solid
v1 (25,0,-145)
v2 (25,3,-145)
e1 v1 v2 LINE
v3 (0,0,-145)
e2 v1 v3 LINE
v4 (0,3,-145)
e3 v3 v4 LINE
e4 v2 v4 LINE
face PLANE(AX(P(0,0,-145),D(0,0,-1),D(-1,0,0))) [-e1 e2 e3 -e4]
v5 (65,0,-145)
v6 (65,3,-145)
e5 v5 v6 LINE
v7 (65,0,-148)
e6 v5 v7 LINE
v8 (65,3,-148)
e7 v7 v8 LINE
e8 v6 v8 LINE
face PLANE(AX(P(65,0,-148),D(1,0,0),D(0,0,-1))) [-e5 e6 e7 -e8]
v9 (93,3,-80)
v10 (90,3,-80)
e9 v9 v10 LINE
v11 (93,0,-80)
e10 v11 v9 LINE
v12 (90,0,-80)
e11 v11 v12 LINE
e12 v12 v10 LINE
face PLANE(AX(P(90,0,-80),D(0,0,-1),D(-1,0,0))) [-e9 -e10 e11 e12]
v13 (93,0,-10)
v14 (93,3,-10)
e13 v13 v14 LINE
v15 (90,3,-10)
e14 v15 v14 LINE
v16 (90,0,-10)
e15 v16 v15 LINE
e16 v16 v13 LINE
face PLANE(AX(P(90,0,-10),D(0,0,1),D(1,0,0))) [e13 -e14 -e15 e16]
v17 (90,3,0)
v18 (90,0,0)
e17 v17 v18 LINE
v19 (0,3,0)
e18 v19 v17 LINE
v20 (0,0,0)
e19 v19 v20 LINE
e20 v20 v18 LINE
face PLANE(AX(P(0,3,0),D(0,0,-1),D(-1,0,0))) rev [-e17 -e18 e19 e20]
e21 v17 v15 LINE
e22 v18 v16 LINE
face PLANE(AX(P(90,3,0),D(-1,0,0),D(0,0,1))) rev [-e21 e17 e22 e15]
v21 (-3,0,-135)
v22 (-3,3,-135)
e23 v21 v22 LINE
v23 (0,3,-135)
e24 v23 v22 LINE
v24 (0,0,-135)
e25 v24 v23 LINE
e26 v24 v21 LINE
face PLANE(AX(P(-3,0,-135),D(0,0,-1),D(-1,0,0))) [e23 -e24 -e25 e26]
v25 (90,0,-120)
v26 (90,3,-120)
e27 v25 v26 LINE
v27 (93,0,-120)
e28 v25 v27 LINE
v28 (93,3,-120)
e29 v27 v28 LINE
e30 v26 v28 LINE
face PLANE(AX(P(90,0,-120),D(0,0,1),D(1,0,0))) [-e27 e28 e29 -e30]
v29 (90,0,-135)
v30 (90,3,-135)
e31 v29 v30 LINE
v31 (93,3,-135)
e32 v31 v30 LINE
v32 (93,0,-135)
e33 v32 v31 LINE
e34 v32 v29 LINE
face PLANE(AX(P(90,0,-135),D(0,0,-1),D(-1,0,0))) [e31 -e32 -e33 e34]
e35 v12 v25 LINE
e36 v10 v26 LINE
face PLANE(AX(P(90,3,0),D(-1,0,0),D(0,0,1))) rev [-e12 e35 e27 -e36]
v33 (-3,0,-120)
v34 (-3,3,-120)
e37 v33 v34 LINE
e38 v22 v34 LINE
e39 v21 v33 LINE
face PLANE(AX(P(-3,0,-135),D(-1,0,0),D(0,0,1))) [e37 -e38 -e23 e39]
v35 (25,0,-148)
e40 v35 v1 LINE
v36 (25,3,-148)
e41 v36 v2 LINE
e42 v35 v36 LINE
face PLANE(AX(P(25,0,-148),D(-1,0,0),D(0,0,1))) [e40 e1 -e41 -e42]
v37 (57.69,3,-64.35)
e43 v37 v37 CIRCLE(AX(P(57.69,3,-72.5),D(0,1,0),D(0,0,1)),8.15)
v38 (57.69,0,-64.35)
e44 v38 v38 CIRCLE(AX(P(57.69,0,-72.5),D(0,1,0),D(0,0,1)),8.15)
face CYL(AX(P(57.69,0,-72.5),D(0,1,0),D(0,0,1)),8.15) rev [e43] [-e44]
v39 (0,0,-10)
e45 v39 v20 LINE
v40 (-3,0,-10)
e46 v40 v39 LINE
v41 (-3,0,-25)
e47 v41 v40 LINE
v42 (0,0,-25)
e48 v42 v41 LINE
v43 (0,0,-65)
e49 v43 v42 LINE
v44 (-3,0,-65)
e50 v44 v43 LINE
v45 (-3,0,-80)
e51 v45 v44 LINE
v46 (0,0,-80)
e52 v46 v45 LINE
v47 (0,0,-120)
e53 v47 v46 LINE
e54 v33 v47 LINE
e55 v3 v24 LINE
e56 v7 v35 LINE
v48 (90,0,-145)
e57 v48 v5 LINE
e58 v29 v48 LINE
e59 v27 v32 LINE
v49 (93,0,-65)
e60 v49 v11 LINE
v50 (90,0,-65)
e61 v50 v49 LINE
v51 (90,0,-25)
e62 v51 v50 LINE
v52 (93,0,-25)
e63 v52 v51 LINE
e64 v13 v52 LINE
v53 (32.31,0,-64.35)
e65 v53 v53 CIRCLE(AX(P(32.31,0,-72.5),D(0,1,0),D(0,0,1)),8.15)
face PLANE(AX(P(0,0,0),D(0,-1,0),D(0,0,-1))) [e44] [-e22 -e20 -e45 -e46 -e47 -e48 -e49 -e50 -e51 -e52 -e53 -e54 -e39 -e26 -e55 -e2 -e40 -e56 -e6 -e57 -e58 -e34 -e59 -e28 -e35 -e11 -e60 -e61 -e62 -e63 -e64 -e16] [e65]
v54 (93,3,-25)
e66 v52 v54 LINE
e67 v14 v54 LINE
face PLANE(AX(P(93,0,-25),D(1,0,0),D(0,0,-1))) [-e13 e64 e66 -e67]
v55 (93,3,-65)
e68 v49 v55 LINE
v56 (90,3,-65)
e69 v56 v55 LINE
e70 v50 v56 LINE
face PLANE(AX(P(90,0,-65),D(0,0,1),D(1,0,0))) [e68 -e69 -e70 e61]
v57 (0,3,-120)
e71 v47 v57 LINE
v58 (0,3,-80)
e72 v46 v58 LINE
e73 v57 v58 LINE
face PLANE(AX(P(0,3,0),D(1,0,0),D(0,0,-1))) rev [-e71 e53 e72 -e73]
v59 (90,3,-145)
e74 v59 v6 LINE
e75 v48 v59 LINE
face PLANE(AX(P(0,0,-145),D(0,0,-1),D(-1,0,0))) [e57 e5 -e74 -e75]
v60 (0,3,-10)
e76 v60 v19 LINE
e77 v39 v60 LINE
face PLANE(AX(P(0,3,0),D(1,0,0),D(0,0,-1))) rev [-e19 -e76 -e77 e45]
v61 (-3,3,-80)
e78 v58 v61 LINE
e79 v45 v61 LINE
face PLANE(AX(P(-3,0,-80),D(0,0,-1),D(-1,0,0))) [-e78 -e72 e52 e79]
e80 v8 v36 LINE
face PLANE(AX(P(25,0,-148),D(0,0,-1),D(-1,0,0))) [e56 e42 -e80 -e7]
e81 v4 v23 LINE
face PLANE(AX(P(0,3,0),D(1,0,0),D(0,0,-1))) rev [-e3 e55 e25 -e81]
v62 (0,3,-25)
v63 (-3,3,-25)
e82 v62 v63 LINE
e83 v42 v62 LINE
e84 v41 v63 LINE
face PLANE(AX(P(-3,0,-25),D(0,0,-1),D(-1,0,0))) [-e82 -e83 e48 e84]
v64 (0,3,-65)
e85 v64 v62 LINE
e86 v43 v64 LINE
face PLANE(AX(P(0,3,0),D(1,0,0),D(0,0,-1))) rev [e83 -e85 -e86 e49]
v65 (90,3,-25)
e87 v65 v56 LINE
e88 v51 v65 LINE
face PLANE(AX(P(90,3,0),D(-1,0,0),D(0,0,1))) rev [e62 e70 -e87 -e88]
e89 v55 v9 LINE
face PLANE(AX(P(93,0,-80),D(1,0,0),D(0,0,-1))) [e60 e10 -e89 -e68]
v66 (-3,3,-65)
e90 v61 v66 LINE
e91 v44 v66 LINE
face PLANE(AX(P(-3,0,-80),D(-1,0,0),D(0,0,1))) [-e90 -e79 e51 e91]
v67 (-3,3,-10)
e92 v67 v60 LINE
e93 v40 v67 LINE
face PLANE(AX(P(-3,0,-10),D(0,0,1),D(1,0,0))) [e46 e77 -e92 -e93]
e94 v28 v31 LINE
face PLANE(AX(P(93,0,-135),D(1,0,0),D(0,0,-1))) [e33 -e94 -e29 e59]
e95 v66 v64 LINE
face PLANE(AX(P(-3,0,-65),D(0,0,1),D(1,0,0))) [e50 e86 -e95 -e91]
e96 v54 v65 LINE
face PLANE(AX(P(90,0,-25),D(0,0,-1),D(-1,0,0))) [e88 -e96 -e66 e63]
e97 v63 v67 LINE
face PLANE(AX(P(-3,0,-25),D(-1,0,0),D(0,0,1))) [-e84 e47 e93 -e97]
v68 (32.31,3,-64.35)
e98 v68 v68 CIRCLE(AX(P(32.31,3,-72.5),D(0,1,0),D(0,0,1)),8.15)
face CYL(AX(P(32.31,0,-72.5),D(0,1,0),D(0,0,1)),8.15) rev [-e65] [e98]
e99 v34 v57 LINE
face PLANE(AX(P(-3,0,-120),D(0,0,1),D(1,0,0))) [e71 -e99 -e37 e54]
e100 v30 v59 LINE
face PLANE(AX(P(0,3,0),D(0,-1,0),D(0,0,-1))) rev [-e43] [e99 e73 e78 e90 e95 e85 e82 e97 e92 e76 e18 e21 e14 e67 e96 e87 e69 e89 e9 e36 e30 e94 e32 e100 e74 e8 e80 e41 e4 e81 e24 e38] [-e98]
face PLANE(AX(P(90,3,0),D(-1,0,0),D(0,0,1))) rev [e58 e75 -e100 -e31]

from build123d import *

# Parameters (mm, degrees)
SKETCH1_W           = 90
SKETCH1_H           = 132
BOSS_EXTRUDE1_DEPTH = 3
SKETCH7_W           = 90
SKETCH7_H           = 13
BOSS_EXTRUDE7_DEPTH = 3
SKETCH5_W           = 3
SKETCH5_H           = 15
BOSS_EXTRUDE5_DEPTH = 3
SKETCH6_W           = 40
SKETCH6_H           = 3
BOSS_EXTRUDE6_DEPTH = 3
SKETCH8_R           = 8.15
CUT_EXTRUDE1_DEPTH  = 3


with BuildPart() as part:
    # Sketch1 → Boss-Extrude1 (new body)
    with BuildSketch(Plane(origin=(0, 0, 0), x_dir=(1, 0, 0), z_dir=(0, 1, 0))):
        with Locations((45, 66)):
            Rectangle(SKETCH1_W, SKETCH1_H)
    extrude(amount=BOSS_EXTRUDE1_DEPTH)

    # Sketch7 → Boss-Extrude7 (add)
    with BuildSketch(Plane(origin=(0, 3, 0), x_dir=(1, 0, 0), z_dir=(0, 1, 0))):
        with Locations((45, 138.5)):
            Rectangle(SKETCH7_W, SKETCH7_H)
    extrude(amount=-BOSS_EXTRUDE7_DEPTH)

    # Sketch5 → Boss-Extrude5 (add)
    with BuildSketch(Plane(origin=(0, 3, 0), x_dir=(1, 0, 0), z_dir=(0, 1, 0))):
        with Locations((-1.5, 127.5)):
            Rectangle(SKETCH5_W, SKETCH5_H)
        with Locations((-1.5, 72.5)):
            Rectangle(SKETCH5_W, SKETCH5_H)
        with Locations((-1.5, 17.5)):
            Rectangle(SKETCH5_W, SKETCH5_H)
        with Locations((91.5, 127.5)):
            Rectangle(SKETCH5_W, SKETCH5_H)
        with Locations((91.5, 72.5)):
            Rectangle(SKETCH5_W, SKETCH5_H)
        with Locations((91.5, 17.5)):
            Rectangle(SKETCH5_W, SKETCH5_H)
    extrude(amount=-BOSS_EXTRUDE5_DEPTH)

    # Sketch6 → Boss-Extrude6 (add)
    with BuildSketch(Plane(origin=(0, 3, 0), x_dir=(1, 0, 0), z_dir=(0, 1, 0))):
        with Locations((45, 146.5)):
            Rectangle(SKETCH6_W, SKETCH6_H)
    extrude(amount=-BOSS_EXTRUDE6_DEPTH)

    # Sketch8 → Cut-Extrude1 (cut)
    with BuildSketch(Plane(origin=(0, 3, 0), x_dir=(1, 0, 0), z_dir=(0, 1, 0))):
        with Locations((32.31, 72.5)):
            Circle(SKETCH8_R)
        with Locations((57.69, 72.5)):
            Circle(SKETCH8_R)
    extrude(amount=-CUT_EXTRUDE1_DEPTH, mode=Mode.SUBTRACT)


solid = part.part
